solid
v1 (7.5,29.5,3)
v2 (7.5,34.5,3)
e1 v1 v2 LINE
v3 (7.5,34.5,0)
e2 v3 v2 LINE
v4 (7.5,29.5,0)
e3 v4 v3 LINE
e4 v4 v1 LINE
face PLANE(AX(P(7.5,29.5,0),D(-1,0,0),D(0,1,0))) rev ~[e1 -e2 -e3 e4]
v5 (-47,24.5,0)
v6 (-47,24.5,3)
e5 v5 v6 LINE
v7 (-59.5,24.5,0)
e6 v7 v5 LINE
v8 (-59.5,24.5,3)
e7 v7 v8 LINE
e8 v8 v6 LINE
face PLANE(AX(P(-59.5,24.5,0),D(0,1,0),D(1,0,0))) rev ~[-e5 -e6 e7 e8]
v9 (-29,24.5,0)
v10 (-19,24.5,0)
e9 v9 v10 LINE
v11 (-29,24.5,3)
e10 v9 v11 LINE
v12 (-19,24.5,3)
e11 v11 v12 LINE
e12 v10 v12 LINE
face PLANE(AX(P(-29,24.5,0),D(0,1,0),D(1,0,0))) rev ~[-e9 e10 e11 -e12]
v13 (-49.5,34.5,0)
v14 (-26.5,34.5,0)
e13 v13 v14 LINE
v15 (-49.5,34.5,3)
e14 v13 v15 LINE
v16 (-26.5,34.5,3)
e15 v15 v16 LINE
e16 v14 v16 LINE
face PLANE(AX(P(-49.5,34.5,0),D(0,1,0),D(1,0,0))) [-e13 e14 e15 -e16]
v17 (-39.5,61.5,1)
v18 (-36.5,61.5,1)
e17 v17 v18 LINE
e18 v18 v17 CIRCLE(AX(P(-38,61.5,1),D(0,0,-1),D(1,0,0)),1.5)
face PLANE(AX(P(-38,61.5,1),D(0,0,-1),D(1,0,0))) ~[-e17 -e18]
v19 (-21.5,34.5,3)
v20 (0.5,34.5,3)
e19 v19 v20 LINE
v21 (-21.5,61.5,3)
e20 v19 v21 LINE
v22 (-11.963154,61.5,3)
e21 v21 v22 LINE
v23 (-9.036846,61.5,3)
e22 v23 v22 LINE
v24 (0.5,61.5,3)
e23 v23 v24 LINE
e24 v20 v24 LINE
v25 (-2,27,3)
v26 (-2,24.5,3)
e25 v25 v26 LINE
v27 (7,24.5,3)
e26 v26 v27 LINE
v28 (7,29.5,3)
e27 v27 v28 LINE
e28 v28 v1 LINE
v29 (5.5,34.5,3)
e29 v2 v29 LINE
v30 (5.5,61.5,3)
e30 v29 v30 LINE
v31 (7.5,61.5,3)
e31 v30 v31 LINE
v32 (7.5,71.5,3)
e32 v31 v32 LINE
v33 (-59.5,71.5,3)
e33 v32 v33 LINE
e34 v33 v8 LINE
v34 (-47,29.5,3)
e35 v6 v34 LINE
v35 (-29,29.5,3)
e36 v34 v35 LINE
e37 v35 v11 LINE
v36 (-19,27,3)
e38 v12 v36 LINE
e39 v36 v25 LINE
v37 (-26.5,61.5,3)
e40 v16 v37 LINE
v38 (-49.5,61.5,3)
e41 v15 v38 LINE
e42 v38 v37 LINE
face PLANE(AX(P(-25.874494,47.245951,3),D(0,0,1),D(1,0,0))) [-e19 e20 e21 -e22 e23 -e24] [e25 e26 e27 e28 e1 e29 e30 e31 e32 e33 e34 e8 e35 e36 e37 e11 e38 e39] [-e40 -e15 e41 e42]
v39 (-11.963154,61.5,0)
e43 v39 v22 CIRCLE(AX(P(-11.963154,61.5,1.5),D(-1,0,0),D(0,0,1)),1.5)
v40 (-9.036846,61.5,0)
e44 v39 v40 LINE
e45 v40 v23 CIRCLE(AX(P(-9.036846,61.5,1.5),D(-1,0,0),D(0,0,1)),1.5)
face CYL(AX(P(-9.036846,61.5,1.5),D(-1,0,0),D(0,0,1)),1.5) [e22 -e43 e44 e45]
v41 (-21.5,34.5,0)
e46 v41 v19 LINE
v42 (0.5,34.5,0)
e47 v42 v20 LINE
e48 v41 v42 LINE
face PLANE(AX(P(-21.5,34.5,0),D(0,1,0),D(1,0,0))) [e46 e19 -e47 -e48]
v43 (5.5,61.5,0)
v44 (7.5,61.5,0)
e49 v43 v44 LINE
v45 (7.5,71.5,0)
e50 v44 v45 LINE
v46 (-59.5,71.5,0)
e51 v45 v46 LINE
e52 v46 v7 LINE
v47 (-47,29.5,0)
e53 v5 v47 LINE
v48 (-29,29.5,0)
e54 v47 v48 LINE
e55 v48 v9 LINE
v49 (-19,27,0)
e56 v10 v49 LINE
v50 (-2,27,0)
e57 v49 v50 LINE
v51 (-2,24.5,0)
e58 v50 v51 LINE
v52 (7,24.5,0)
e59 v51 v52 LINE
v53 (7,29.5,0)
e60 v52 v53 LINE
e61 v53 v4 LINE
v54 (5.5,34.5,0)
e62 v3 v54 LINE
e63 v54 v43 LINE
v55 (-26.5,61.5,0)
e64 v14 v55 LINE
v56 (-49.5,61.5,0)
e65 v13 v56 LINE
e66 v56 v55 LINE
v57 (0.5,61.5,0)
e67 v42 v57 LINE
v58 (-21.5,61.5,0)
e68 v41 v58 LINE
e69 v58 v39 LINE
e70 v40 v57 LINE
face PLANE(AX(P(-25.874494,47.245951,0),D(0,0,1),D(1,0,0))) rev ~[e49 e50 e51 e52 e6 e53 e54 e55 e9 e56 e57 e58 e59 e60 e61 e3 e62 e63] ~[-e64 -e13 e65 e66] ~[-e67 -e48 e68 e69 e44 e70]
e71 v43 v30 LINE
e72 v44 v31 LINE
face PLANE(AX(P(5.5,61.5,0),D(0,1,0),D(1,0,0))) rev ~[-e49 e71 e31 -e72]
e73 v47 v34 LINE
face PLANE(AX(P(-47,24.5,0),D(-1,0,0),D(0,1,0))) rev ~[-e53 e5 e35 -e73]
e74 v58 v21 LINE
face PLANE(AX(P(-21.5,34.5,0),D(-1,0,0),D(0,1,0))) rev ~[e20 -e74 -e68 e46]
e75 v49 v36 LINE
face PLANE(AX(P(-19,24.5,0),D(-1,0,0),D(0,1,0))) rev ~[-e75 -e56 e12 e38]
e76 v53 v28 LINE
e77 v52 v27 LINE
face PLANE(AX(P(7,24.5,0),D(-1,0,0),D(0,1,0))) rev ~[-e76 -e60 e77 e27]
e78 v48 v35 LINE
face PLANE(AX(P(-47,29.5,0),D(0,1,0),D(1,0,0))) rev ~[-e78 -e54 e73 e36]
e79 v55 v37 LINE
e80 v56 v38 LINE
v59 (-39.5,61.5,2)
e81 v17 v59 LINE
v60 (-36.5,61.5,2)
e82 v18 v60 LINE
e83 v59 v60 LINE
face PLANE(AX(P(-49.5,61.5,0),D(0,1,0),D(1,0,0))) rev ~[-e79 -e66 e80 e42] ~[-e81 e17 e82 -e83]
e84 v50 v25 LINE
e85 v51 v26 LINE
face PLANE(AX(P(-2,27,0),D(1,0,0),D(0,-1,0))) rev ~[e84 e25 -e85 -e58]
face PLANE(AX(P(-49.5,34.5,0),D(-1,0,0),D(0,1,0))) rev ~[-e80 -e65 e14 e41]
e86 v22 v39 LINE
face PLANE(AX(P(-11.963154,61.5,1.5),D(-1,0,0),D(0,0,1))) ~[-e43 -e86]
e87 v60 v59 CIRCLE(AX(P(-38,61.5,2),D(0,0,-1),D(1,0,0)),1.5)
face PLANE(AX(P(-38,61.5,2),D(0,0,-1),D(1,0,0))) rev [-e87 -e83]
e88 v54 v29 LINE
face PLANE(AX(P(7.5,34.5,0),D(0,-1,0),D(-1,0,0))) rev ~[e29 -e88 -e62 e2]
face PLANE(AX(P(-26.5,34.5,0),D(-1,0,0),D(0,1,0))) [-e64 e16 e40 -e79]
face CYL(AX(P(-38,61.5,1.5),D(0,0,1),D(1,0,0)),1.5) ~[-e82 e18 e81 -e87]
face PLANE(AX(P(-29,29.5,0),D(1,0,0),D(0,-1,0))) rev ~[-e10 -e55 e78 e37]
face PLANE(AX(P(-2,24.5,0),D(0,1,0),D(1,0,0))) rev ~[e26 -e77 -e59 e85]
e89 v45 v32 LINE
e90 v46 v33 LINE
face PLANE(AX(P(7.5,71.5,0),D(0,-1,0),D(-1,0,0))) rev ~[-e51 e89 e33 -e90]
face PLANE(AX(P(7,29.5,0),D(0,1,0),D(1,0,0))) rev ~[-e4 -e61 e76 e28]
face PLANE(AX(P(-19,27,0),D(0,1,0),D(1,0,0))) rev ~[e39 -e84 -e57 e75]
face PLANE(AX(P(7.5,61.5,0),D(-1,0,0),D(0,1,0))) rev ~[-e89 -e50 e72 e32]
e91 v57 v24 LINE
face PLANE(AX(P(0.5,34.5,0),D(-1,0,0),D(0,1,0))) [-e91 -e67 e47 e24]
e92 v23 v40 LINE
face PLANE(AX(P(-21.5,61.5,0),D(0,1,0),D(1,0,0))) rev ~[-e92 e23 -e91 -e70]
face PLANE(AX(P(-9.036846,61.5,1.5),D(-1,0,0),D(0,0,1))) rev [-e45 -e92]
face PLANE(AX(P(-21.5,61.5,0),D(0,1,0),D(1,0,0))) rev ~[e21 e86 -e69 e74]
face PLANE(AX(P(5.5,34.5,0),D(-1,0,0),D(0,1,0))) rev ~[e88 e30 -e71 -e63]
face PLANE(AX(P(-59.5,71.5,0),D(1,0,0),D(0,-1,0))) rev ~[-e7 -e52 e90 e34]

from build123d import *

# Parameters (mm, degrees)
F0_W     = 23
F0_H     = 27
F0_W_2   = 22
F1_DEPTH = 3
F2_W     = 1.5
F2_H     = 1
F4_W     = 1.463154
F4_H     = 1.5


with BuildPart() as f1:
    # F0 (on Top) → F1 (new body)
    with BuildSketch(Plane.XY):
        Polygon((-59.5, 71.5), (-59.5, 24.5), (-47, 24.5), (-47, 29.5), (-29, 29.5), (-29, 24.5), (-19, 24.5), (-19, 27), (-2, 27), (-2, 24.5), (7, 24.5), (7, 29.5), (7.5, 29.5), (7.5, 34.5), (5.5, 34.5), (5.5, 61.5), (7.5, 61.5), (7.5, 71.5), align=None)
        with Locations((-38, 48)):
            Rectangle(F0_W, F0_H, mode=Mode.SUBTRACT)
        with Locations((-10.5, 48)):
            Rectangle(F0_W_2, F0_H, mode=Mode.SUBTRACT)
    extrude(amount=F1_DEPTH)

    # F2 (on face) → F3 (revolve)
    with BuildSketch(Plane.XZ.offset(-61.5)):
        with Locations((-37.25, 1.5)):
            Rectangle(F2_W, F2_H)
    revolve(axis=Axis((-38, 61.5, 1.5), (0, 0, -1)))

    # F4 (on face) → F5 (revolve)
    with BuildSketch(Plane.XZ.offset(-61.5)):
        with Locations((-11.231577, 2.25)):
            Rectangle(F4_W, F4_H)
        with Locations((-9.768423, 2.25)):
            Rectangle(F4_W, F4_H)
    revolve(axis=Axis((-10.5, 61.5, 1.5), (-1, 0, 0)))


solid = f1.part
